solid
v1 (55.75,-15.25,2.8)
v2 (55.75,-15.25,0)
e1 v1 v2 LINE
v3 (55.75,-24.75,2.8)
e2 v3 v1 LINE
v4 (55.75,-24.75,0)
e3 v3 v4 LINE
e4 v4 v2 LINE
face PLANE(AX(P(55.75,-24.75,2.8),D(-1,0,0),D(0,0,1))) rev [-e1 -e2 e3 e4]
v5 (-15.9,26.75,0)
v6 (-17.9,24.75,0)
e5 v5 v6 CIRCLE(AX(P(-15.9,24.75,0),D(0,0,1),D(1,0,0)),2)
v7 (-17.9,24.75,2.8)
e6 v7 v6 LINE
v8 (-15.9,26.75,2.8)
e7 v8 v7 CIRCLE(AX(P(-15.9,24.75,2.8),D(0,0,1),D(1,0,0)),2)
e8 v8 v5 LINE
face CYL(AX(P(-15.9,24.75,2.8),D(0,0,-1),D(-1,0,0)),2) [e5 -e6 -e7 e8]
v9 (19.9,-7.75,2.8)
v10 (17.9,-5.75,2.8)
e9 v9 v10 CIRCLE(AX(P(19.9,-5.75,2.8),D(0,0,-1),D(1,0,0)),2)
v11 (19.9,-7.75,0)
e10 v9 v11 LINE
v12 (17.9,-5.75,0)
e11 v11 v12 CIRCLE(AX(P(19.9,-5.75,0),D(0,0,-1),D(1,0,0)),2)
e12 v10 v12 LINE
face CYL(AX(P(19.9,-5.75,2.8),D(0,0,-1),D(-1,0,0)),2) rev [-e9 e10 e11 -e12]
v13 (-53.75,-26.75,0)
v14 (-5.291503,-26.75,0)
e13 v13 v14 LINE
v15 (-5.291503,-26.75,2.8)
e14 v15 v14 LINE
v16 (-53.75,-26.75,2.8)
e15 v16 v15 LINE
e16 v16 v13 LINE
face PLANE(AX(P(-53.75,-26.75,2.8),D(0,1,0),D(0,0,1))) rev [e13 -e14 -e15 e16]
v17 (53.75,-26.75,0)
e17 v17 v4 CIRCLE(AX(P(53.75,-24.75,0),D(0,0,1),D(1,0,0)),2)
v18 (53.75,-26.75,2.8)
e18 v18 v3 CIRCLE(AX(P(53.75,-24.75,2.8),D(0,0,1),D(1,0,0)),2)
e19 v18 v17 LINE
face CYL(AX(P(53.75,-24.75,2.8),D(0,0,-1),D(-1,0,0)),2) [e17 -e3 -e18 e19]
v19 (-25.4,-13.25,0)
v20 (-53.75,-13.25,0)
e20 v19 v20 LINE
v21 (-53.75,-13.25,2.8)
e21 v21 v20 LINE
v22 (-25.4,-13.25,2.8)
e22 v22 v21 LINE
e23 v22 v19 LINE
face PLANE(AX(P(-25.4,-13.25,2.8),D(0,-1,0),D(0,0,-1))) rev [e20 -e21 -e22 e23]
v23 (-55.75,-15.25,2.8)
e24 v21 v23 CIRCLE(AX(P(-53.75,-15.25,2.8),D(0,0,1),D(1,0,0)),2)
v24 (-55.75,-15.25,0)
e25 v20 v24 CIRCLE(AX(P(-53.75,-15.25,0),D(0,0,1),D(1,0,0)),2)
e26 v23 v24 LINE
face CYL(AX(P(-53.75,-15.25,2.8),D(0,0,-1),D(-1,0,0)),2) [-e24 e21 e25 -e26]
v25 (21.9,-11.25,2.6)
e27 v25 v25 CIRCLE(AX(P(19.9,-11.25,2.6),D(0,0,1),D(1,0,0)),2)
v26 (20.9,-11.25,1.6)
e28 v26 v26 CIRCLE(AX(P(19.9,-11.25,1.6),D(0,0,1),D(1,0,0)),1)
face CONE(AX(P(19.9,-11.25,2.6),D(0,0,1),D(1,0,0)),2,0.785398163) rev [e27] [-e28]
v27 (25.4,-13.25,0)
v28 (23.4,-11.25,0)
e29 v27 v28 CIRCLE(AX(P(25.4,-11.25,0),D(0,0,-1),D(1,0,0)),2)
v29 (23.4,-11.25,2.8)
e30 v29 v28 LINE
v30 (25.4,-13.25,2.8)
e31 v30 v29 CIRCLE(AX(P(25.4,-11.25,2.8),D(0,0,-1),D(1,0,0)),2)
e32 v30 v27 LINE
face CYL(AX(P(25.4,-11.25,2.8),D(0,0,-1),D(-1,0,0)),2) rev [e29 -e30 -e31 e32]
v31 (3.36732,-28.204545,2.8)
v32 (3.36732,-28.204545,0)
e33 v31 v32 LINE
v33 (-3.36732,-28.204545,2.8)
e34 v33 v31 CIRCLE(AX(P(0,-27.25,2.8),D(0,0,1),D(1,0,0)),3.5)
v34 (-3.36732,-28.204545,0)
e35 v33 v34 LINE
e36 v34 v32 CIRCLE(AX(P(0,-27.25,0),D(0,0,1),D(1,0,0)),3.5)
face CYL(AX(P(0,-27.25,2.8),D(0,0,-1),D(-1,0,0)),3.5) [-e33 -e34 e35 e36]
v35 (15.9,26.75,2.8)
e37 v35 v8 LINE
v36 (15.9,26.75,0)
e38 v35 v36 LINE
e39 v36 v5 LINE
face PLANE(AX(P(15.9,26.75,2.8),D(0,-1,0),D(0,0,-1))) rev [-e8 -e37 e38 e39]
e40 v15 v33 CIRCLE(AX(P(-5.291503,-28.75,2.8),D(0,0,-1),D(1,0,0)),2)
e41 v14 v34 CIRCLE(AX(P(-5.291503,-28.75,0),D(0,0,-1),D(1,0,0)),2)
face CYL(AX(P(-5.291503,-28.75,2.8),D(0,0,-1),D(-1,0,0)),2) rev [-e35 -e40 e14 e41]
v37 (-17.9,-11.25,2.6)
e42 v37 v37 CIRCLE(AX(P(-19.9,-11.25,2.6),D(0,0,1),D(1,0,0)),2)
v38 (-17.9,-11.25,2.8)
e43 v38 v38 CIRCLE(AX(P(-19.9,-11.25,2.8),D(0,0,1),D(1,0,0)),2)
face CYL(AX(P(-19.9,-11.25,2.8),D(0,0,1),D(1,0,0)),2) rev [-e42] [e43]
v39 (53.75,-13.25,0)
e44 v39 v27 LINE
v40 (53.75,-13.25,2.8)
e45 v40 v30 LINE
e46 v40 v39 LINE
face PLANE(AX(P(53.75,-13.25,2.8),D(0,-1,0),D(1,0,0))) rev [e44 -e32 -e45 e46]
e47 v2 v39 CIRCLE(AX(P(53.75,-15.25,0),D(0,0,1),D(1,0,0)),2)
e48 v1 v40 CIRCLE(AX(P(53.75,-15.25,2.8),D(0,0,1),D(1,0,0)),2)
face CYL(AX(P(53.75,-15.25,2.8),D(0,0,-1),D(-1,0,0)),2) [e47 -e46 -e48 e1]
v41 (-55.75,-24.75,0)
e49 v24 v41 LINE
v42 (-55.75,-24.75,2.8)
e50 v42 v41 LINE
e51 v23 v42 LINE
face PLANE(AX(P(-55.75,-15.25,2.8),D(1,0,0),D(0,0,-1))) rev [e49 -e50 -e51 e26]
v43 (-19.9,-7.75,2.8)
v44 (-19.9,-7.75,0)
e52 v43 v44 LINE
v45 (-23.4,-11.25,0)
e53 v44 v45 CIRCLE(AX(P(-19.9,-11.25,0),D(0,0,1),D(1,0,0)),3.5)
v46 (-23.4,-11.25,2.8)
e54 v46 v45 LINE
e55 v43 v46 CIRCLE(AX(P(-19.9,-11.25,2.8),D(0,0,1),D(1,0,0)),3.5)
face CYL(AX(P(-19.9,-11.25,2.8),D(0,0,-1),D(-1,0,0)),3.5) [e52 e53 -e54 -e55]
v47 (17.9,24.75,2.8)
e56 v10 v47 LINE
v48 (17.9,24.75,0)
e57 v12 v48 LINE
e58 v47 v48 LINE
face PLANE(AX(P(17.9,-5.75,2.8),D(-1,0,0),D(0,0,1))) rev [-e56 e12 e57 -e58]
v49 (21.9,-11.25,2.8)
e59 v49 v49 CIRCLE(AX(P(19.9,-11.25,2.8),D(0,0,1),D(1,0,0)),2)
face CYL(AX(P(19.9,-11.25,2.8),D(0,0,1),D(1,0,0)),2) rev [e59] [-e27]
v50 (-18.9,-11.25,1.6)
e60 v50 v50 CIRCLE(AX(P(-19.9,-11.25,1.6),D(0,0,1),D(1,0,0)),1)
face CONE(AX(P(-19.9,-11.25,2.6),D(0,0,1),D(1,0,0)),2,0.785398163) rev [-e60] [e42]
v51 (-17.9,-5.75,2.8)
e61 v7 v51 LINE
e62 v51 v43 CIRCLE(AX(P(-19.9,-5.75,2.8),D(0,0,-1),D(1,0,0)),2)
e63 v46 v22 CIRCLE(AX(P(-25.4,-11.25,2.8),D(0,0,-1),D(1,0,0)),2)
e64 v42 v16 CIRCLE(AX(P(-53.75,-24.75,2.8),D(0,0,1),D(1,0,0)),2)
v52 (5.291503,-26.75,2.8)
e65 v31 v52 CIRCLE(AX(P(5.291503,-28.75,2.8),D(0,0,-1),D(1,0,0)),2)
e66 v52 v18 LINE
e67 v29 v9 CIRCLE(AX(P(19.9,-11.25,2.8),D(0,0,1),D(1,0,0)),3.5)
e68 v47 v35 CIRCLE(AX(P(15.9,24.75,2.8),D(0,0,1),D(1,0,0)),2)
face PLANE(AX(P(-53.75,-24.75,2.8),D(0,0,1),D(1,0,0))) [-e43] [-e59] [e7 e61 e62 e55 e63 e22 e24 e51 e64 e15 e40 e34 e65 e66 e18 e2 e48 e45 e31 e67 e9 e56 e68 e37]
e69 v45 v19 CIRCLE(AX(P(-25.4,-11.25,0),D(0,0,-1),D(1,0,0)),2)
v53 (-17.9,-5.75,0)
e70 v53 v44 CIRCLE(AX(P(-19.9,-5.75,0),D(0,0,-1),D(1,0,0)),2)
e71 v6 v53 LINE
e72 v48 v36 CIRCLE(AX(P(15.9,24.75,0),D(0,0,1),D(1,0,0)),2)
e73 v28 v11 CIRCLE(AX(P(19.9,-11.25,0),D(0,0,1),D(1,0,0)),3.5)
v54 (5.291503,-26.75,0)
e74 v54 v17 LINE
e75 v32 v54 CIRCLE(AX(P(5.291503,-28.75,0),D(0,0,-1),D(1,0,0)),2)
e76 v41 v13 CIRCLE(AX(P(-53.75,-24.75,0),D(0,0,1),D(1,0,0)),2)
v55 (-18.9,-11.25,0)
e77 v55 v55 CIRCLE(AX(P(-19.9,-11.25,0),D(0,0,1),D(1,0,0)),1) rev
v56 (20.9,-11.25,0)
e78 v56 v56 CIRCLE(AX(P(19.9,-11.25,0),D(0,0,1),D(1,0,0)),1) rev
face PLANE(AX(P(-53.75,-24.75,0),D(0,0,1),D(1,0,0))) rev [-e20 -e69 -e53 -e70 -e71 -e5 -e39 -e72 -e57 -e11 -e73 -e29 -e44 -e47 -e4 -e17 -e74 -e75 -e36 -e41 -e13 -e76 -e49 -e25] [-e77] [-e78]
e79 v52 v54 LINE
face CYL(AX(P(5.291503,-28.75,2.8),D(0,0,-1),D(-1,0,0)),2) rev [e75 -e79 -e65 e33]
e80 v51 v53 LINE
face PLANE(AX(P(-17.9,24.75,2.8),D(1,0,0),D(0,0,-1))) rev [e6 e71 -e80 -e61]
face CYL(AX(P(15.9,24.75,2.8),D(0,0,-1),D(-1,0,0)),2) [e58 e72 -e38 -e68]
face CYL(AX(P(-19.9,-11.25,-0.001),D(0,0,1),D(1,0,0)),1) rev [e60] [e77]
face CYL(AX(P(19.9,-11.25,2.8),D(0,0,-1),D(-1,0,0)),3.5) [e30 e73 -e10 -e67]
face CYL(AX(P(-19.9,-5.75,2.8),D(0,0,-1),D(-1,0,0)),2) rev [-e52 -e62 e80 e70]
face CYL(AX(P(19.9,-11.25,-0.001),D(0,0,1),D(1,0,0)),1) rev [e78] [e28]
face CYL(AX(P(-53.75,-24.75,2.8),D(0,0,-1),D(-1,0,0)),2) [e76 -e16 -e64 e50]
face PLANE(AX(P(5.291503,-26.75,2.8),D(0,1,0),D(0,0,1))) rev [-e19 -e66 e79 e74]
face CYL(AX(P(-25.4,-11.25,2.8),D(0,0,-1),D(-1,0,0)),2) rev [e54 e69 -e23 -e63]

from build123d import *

# Parameters (mm, degrees)
BOSS_EXTRUDE1_DEPTH                            = 2.8
CUT_EXTRUDE1_REACH                             = 4.8
SKETCH3_R                                      = 1
CSK_FOR_M2_FLAT_HEAD_MACHINE_SCREW1_AT_2_COUNT = 2
CSK_FOR_M2_FLAT_HEAD_MACHINE_SCREW1_AT_2_PITCH = 39.8


with BuildPart() as part:
    # Sketch1 → Boss-Extrude1 (new body)
    with BuildSketch(Plane.XY):
        with BuildLine():
            Line((-53.75, -26.75), (-5.291502622, -26.75))
            ThreePointArc((-5.291502622, -26.75), (-4.085457244, -27.15455193), (-3.36731985, -28.204545455))
            ThreePointArc((-3.36731985, -28.204545455), (0, -30.75), (3.36731985, -28.204545455))
            ThreePointArc((3.36731985, -28.204545455), (4.085457244, -27.15455193), (5.291502622, -26.75))
            Line((5.291502622, -26.75), (53.75, -26.75))
            ThreePointArc((53.75, -26.75), (55.164213562, -26.164213562), (55.75, -24.75))
            Line((55.75, -24.75), (55.75, -15.25))
            ThreePointArc((55.75, -15.25), (55.164213562, -13.835786438), (53.75, -13.25))
            Line((53.75, -13.25), (25.4, -13.25))
            ThreePointArc((25.4, -13.25), (23.985786438, -12.664213562), (23.4, -11.25))
            ThreePointArc((23.4, -11.25), (22.374873734, -8.775126266), (19.9, -7.75))
            ThreePointArc((19.9, -7.75), (18.485786438, -7.164213562), (17.9, -5.75))
            Line((17.9, -5.75), (17.9, 24.75))
            ThreePointArc((17.9, 24.75), (17.314213562, 26.164213562), (15.9, 26.75))
            Line((15.9, 26.75), (-15.9, 26.75))
            ThreePointArc((-15.9, 26.75), (-17.314213562, 26.164213562), (-17.9, 24.75))
            Line((-17.9, 24.75), (-17.9, -5.75))
            ThreePointArc((-17.9, -5.75), (-18.485786438, -7.164213562), (-19.9, -7.75))
            ThreePointArc((-19.9, -7.75), (-22.374873734, -8.775126266), (-23.4, -11.25))
            ThreePointArc((-23.4, -11.25), (-23.985786438, -12.664213562), (-25.4, -13.25))
            Line((-25.4, -13.25), (-53.75, -13.25))
            ThreePointArc((-53.75, -13.25), (-55.164213562, -13.835786438), (-55.75, -15.25))
            Line((-55.75, -15.25), (-55.75, -24.75))
            ThreePointArc((-55.75, -24.75), (-55.164213562, -26.164213562), (-53.75, -26.75))
        make_face()
    extrude(amount=BOSS_EXTRUDE1_DEPTH)

    # Sketch3 → Cut-Extrude1 (cut, up to next)
    with BuildSketch(Plane.XY.offset(2.8), mode=Mode.PRIVATE) as cut_extrude1_sk1:
        with Locations((-19.9, -11.25)):
            Circle(SKETCH3_R)
    cut_extrude1_tool1 = extrude(cut_extrude1_sk1.sketch, amount=-CUT_EXTRUDE1_REACH, mode=Mode.PRIVATE) & part.part
    add(cut_extrude1_tool1.solids().sort_by_distance((-19.9, -11.25, 2.8))[0], mode=Mode.SUBTRACT)
    # Sketch3 → Cut-Extrude1 (cut, up to next)
    with BuildSketch(Plane.XY.offset(2.8), mode=Mode.PRIVATE) as cut_extrude1_sk2:
        with Locations((19.9, -11.25)):
            Circle(SKETCH3_R)
    cut_extrude1_tool2 = extrude(cut_extrude1_sk2.sketch, amount=-CUT_EXTRUDE1_REACH, mode=Mode.PRIVATE) & part.part
    add(cut_extrude1_tool2.solids().sort_by_distance((19.9, -11.25, 2.8))[0], mode=Mode.SUBTRACT)

    # Sketch4 → CSK for M2 Flat Head Machine Screw1 (revolve, cut)
    with BuildSketch(Plane(origin=(-19.9, -11.25, 2.8), x_dir=(0, -1, 0), z_dir=(1, 0, 0))):
        Polygon((0, 0), (0, 2.8), (1, 2.8), (1, 1.2), (2, 0.2), (2, 0), align=None)
    csk_for_m2_flat_head_machine_screw1 = revolve(axis=Axis((-19.9, -11.25, 9.15), (0, 0, -1)), mode=Mode.SUBTRACT)

    # CSK for M2 Flat Head Machine Screw1 at 2: CSK for M2 Flat Head Machine Screw1 ×2
    with Locations(*[(i * CSK_FOR_M2_FLAT_HEAD_MACHINE_SCREW1_AT_2_PITCH, 0, 0) for i in range(1, CSK_FOR_M2_FLAT_HEAD_MACHINE_SCREW1_AT_2_COUNT)]):
        add(csk_for_m2_flat_head_machine_screw1, mode=Mode.SUBTRACT)


solid = part.part
